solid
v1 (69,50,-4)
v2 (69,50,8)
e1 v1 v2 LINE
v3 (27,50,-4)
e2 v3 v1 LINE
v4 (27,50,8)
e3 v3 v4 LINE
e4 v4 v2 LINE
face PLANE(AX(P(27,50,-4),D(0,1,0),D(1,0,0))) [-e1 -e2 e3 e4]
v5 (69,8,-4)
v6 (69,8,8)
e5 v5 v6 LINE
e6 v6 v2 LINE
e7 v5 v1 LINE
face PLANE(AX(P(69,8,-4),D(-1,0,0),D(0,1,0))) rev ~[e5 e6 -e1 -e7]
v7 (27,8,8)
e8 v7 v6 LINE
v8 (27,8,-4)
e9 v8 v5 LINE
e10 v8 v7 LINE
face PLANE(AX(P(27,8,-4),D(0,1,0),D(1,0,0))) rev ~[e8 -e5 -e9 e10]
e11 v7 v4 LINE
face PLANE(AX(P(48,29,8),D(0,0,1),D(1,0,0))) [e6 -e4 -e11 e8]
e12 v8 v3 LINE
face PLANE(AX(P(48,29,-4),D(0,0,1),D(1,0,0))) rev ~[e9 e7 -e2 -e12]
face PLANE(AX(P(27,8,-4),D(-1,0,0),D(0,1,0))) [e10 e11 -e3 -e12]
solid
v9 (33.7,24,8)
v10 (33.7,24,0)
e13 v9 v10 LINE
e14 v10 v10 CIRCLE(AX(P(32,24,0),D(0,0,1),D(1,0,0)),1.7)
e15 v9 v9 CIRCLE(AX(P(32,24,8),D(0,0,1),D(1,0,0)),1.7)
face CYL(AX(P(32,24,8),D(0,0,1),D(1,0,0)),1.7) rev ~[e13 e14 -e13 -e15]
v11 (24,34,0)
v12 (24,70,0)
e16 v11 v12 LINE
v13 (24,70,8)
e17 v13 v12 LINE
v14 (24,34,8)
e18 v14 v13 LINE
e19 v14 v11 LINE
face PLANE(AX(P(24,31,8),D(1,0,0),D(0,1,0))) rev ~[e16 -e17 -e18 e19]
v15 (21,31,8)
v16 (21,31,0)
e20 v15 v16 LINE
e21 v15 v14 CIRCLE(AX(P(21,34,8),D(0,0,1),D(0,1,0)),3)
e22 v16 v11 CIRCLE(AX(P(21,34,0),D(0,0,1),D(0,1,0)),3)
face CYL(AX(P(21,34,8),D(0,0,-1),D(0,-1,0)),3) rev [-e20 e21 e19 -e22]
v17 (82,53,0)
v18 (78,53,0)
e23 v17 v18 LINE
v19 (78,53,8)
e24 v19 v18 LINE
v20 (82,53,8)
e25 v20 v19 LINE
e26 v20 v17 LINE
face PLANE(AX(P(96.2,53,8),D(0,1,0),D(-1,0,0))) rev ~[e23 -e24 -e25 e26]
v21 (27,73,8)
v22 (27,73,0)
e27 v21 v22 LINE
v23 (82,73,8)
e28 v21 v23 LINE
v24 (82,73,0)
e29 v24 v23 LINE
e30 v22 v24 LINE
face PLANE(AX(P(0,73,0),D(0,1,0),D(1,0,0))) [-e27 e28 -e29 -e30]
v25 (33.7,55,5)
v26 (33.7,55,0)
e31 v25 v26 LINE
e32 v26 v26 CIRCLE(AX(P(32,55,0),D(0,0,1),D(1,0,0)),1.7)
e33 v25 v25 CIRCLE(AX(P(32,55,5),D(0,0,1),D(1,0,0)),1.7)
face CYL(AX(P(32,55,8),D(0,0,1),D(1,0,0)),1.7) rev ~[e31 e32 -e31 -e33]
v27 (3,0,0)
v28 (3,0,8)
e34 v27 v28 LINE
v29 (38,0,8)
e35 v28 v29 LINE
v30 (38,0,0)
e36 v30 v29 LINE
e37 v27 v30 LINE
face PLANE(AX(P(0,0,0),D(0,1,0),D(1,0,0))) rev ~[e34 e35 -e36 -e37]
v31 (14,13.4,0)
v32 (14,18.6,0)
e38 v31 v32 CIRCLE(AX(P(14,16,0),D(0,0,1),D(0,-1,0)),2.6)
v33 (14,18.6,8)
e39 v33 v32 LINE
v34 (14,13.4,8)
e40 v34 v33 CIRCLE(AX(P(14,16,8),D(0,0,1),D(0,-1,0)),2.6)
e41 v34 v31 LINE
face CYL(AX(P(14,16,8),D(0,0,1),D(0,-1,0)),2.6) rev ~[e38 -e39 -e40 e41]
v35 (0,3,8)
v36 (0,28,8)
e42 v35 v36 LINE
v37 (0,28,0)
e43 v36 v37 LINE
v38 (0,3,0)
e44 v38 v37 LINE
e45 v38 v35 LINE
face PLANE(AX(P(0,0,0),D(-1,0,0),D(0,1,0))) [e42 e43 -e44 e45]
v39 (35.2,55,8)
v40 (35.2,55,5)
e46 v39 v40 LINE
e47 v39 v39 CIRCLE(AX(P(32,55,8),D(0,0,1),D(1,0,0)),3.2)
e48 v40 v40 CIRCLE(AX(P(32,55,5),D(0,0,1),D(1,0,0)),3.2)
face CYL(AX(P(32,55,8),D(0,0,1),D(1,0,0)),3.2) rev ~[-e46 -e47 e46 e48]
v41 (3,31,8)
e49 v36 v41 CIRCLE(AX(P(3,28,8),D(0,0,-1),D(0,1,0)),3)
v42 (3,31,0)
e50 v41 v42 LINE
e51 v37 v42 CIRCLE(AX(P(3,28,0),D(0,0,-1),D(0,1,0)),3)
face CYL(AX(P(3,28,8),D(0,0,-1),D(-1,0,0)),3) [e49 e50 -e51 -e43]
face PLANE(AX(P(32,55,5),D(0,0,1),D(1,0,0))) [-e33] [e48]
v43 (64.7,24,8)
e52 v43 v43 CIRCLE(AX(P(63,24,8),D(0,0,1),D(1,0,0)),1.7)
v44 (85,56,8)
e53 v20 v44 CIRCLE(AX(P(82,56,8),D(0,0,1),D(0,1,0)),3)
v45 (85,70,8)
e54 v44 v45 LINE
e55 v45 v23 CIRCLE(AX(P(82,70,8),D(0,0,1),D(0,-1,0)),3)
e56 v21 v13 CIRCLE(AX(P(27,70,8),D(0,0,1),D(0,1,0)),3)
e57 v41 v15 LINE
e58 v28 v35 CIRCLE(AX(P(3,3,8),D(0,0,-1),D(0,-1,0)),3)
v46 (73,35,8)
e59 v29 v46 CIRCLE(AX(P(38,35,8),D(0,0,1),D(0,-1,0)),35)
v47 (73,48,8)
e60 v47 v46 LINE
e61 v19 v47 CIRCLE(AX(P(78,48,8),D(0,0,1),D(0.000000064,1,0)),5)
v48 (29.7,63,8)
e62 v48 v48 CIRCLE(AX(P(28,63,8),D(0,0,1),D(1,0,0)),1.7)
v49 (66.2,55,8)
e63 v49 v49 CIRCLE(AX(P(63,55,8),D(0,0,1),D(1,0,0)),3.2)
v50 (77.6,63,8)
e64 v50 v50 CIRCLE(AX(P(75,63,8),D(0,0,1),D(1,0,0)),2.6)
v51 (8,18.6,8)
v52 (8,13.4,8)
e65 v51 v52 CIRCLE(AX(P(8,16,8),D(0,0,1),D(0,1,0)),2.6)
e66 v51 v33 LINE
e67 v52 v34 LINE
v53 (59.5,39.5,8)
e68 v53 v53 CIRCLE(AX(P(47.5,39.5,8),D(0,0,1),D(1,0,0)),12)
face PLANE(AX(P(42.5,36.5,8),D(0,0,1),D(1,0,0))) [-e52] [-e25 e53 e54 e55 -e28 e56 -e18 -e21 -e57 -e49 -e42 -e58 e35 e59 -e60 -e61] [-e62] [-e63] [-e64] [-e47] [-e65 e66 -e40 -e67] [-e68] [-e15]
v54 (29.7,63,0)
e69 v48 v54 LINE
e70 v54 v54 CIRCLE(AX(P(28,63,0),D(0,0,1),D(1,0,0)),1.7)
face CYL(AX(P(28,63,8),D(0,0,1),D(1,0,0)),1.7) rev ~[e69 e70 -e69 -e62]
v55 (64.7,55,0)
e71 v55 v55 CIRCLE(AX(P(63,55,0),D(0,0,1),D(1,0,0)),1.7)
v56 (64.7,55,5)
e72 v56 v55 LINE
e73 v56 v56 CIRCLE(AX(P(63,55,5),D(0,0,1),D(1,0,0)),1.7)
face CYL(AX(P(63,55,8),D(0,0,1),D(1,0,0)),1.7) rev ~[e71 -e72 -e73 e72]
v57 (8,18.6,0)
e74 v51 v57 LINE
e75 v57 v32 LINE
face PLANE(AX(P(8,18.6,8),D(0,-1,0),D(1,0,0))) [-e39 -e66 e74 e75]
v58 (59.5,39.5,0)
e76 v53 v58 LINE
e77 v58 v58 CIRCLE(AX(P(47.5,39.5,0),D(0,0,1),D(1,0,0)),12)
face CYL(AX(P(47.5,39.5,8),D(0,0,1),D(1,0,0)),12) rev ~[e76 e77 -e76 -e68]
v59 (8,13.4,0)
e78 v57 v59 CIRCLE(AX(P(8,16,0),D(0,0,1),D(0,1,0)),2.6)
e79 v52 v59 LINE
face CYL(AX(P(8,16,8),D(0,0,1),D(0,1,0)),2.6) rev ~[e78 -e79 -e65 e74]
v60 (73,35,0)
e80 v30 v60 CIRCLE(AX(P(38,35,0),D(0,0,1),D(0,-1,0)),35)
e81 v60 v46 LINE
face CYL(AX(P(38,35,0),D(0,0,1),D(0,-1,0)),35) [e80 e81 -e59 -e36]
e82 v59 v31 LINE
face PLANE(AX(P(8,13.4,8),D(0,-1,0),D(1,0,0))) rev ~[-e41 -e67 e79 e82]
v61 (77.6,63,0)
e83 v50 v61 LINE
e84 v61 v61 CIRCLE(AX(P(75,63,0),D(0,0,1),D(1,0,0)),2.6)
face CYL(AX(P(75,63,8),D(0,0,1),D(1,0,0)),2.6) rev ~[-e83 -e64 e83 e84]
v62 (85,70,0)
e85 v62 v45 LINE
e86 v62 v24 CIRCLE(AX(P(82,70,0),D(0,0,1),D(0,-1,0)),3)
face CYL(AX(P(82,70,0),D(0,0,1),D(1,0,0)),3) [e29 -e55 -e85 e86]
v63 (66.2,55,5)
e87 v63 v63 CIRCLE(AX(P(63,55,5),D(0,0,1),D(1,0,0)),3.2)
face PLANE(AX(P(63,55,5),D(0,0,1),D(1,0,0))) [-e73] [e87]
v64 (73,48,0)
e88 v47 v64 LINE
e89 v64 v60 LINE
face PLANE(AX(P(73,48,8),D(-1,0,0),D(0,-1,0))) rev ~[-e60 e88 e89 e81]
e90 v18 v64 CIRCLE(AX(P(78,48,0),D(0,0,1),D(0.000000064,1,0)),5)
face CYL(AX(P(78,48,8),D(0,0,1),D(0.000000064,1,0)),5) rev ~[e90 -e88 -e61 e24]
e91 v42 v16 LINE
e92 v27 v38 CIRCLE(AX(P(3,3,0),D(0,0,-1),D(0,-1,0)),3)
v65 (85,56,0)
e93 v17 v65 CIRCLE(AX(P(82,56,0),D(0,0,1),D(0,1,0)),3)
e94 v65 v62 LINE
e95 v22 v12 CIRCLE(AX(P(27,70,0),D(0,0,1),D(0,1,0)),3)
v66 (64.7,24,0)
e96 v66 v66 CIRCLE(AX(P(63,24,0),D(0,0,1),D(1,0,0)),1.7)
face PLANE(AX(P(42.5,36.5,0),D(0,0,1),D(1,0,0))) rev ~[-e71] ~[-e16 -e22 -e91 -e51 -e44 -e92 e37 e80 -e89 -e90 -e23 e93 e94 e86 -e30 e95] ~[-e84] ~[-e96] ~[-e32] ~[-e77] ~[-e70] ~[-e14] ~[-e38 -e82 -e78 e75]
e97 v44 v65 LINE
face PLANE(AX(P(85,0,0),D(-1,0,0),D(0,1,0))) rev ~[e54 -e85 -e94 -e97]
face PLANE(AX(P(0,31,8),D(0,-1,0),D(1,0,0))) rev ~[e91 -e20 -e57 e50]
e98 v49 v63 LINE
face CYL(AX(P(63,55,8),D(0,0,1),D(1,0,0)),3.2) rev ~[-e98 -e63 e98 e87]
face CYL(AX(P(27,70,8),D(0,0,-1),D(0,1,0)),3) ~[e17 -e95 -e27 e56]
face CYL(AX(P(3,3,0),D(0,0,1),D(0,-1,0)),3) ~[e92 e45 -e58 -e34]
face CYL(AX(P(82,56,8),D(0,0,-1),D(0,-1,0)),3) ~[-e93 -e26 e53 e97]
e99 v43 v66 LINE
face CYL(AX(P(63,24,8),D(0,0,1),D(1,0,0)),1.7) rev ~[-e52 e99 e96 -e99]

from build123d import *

# Parameters (mm, degrees)
BOX001_W        = 42
BOX001_H        = 42
BOX001_DEPTH    = 12
BOX_W           = 85
BOX_H           = 73
BOX_DEPTH       = 8
SKETCH_R        = 1.7
SKETCH_R_2      = 12
SKETCH_R_3      = 2.6
SKETCH_W        = 24
SKETCH_H        = 42
POCKET_DEPTH    = 8
SKETCH001_R     = 3.2
POCKET001_DEPTH = 3
FILLET_R        = 35
FILLET001_R     = 3


with BuildPart() as nema:
    # Box001 → Box001 (new body)
    with BuildSketch(Plane(origin=(27, 8, -4), x_dir=(1, 0, 0), z_dir=(0, 0, 1))):
        with Locations((21, 21)):
            Rectangle(BOX001_W, BOX001_H)
    extrude(amount=BOX001_DEPTH)


with BuildPart() as fillet001:
    # Box → Box (new body)
    with BuildSketch(Plane.XY):
        with Locations((42.5, 36.5)):
            Rectangle(BOX_W, BOX_H)
    extrude(amount=BOX_DEPTH)

    # Sketch → Pocket (cut)
    with BuildSketch(Plane.XY.offset(8)):
        with Locations((32, 55)):
            Circle(SKETCH_R)
        with Locations((63, 55)):
            Circle(SKETCH_R)
        with Locations((63, 24)):
            Circle(SKETCH_R)
        with Locations((32, 24)):
            Circle(SKETCH_R)
        with Locations((47.5, 39.5)):
            Circle(SKETCH_R_2)
        with Locations((28, 63)):
            Circle(SKETCH_R)
        with Locations((75, 63)):
            Circle(SKETCH_R_3)
        with Locations((12, 52)):
            Rectangle(SKETCH_W, SKETCH_H)
        with BuildLine():
            ThreePointArc((8, 18.6), (5.4, 16), (8, 13.4))
            Line((8, 13.4), (14, 13.4))
            ThreePointArc((14, 13.4), (16.6, 16), (14, 18.6))
            Line((8, 18.6), (14, 18.6))
        make_face()
        with BuildLine():
            Line((96.2, 53), (78, 53))
            ThreePointArc((78, 53), (74.464466, 51.535534), (73, 48))
            Line((73, 48), (73, -12.2))
            Line((73, -12.2), (96.2, -12.2))
            Line((96.2, -12.2), (96.2, 53))
        make_face()
    extrude(amount=-POCKET_DEPTH, mode=Mode.SUBTRACT)

    # Sketch001 → Pocket001 (cut)
    with BuildSketch(Plane.XY.offset(8)):
        with Locations((32, 55)):
            Circle(SKETCH001_R)
        with Locations((63, 55)):
            Circle(SKETCH001_R)
    extrude(amount=-POCKET001_DEPTH, mode=Mode.SUBTRACT)

    # Fillet
    fillet_edges = [fillet001.edges().sort_by_distance(p)[0] for p in [
        (73, 0, 4),
    ]]
    fillet(fillet_edges, radius=FILLET_R)

    # Fillet001
    fillet001_edges = [fillet001.edges().sort_by_distance(p)[0] for p in [
        (24, 31, 4),
        (0, 31, 4),
        (0, 0, 4),
        (24, 73, 4),
        (85, 73, 4),
        (85, 53, 4),
    ]]
    fillet(fillet001_edges, radius=FILLET001_R)


solid = Compound([nema.part, fillet001.part])
